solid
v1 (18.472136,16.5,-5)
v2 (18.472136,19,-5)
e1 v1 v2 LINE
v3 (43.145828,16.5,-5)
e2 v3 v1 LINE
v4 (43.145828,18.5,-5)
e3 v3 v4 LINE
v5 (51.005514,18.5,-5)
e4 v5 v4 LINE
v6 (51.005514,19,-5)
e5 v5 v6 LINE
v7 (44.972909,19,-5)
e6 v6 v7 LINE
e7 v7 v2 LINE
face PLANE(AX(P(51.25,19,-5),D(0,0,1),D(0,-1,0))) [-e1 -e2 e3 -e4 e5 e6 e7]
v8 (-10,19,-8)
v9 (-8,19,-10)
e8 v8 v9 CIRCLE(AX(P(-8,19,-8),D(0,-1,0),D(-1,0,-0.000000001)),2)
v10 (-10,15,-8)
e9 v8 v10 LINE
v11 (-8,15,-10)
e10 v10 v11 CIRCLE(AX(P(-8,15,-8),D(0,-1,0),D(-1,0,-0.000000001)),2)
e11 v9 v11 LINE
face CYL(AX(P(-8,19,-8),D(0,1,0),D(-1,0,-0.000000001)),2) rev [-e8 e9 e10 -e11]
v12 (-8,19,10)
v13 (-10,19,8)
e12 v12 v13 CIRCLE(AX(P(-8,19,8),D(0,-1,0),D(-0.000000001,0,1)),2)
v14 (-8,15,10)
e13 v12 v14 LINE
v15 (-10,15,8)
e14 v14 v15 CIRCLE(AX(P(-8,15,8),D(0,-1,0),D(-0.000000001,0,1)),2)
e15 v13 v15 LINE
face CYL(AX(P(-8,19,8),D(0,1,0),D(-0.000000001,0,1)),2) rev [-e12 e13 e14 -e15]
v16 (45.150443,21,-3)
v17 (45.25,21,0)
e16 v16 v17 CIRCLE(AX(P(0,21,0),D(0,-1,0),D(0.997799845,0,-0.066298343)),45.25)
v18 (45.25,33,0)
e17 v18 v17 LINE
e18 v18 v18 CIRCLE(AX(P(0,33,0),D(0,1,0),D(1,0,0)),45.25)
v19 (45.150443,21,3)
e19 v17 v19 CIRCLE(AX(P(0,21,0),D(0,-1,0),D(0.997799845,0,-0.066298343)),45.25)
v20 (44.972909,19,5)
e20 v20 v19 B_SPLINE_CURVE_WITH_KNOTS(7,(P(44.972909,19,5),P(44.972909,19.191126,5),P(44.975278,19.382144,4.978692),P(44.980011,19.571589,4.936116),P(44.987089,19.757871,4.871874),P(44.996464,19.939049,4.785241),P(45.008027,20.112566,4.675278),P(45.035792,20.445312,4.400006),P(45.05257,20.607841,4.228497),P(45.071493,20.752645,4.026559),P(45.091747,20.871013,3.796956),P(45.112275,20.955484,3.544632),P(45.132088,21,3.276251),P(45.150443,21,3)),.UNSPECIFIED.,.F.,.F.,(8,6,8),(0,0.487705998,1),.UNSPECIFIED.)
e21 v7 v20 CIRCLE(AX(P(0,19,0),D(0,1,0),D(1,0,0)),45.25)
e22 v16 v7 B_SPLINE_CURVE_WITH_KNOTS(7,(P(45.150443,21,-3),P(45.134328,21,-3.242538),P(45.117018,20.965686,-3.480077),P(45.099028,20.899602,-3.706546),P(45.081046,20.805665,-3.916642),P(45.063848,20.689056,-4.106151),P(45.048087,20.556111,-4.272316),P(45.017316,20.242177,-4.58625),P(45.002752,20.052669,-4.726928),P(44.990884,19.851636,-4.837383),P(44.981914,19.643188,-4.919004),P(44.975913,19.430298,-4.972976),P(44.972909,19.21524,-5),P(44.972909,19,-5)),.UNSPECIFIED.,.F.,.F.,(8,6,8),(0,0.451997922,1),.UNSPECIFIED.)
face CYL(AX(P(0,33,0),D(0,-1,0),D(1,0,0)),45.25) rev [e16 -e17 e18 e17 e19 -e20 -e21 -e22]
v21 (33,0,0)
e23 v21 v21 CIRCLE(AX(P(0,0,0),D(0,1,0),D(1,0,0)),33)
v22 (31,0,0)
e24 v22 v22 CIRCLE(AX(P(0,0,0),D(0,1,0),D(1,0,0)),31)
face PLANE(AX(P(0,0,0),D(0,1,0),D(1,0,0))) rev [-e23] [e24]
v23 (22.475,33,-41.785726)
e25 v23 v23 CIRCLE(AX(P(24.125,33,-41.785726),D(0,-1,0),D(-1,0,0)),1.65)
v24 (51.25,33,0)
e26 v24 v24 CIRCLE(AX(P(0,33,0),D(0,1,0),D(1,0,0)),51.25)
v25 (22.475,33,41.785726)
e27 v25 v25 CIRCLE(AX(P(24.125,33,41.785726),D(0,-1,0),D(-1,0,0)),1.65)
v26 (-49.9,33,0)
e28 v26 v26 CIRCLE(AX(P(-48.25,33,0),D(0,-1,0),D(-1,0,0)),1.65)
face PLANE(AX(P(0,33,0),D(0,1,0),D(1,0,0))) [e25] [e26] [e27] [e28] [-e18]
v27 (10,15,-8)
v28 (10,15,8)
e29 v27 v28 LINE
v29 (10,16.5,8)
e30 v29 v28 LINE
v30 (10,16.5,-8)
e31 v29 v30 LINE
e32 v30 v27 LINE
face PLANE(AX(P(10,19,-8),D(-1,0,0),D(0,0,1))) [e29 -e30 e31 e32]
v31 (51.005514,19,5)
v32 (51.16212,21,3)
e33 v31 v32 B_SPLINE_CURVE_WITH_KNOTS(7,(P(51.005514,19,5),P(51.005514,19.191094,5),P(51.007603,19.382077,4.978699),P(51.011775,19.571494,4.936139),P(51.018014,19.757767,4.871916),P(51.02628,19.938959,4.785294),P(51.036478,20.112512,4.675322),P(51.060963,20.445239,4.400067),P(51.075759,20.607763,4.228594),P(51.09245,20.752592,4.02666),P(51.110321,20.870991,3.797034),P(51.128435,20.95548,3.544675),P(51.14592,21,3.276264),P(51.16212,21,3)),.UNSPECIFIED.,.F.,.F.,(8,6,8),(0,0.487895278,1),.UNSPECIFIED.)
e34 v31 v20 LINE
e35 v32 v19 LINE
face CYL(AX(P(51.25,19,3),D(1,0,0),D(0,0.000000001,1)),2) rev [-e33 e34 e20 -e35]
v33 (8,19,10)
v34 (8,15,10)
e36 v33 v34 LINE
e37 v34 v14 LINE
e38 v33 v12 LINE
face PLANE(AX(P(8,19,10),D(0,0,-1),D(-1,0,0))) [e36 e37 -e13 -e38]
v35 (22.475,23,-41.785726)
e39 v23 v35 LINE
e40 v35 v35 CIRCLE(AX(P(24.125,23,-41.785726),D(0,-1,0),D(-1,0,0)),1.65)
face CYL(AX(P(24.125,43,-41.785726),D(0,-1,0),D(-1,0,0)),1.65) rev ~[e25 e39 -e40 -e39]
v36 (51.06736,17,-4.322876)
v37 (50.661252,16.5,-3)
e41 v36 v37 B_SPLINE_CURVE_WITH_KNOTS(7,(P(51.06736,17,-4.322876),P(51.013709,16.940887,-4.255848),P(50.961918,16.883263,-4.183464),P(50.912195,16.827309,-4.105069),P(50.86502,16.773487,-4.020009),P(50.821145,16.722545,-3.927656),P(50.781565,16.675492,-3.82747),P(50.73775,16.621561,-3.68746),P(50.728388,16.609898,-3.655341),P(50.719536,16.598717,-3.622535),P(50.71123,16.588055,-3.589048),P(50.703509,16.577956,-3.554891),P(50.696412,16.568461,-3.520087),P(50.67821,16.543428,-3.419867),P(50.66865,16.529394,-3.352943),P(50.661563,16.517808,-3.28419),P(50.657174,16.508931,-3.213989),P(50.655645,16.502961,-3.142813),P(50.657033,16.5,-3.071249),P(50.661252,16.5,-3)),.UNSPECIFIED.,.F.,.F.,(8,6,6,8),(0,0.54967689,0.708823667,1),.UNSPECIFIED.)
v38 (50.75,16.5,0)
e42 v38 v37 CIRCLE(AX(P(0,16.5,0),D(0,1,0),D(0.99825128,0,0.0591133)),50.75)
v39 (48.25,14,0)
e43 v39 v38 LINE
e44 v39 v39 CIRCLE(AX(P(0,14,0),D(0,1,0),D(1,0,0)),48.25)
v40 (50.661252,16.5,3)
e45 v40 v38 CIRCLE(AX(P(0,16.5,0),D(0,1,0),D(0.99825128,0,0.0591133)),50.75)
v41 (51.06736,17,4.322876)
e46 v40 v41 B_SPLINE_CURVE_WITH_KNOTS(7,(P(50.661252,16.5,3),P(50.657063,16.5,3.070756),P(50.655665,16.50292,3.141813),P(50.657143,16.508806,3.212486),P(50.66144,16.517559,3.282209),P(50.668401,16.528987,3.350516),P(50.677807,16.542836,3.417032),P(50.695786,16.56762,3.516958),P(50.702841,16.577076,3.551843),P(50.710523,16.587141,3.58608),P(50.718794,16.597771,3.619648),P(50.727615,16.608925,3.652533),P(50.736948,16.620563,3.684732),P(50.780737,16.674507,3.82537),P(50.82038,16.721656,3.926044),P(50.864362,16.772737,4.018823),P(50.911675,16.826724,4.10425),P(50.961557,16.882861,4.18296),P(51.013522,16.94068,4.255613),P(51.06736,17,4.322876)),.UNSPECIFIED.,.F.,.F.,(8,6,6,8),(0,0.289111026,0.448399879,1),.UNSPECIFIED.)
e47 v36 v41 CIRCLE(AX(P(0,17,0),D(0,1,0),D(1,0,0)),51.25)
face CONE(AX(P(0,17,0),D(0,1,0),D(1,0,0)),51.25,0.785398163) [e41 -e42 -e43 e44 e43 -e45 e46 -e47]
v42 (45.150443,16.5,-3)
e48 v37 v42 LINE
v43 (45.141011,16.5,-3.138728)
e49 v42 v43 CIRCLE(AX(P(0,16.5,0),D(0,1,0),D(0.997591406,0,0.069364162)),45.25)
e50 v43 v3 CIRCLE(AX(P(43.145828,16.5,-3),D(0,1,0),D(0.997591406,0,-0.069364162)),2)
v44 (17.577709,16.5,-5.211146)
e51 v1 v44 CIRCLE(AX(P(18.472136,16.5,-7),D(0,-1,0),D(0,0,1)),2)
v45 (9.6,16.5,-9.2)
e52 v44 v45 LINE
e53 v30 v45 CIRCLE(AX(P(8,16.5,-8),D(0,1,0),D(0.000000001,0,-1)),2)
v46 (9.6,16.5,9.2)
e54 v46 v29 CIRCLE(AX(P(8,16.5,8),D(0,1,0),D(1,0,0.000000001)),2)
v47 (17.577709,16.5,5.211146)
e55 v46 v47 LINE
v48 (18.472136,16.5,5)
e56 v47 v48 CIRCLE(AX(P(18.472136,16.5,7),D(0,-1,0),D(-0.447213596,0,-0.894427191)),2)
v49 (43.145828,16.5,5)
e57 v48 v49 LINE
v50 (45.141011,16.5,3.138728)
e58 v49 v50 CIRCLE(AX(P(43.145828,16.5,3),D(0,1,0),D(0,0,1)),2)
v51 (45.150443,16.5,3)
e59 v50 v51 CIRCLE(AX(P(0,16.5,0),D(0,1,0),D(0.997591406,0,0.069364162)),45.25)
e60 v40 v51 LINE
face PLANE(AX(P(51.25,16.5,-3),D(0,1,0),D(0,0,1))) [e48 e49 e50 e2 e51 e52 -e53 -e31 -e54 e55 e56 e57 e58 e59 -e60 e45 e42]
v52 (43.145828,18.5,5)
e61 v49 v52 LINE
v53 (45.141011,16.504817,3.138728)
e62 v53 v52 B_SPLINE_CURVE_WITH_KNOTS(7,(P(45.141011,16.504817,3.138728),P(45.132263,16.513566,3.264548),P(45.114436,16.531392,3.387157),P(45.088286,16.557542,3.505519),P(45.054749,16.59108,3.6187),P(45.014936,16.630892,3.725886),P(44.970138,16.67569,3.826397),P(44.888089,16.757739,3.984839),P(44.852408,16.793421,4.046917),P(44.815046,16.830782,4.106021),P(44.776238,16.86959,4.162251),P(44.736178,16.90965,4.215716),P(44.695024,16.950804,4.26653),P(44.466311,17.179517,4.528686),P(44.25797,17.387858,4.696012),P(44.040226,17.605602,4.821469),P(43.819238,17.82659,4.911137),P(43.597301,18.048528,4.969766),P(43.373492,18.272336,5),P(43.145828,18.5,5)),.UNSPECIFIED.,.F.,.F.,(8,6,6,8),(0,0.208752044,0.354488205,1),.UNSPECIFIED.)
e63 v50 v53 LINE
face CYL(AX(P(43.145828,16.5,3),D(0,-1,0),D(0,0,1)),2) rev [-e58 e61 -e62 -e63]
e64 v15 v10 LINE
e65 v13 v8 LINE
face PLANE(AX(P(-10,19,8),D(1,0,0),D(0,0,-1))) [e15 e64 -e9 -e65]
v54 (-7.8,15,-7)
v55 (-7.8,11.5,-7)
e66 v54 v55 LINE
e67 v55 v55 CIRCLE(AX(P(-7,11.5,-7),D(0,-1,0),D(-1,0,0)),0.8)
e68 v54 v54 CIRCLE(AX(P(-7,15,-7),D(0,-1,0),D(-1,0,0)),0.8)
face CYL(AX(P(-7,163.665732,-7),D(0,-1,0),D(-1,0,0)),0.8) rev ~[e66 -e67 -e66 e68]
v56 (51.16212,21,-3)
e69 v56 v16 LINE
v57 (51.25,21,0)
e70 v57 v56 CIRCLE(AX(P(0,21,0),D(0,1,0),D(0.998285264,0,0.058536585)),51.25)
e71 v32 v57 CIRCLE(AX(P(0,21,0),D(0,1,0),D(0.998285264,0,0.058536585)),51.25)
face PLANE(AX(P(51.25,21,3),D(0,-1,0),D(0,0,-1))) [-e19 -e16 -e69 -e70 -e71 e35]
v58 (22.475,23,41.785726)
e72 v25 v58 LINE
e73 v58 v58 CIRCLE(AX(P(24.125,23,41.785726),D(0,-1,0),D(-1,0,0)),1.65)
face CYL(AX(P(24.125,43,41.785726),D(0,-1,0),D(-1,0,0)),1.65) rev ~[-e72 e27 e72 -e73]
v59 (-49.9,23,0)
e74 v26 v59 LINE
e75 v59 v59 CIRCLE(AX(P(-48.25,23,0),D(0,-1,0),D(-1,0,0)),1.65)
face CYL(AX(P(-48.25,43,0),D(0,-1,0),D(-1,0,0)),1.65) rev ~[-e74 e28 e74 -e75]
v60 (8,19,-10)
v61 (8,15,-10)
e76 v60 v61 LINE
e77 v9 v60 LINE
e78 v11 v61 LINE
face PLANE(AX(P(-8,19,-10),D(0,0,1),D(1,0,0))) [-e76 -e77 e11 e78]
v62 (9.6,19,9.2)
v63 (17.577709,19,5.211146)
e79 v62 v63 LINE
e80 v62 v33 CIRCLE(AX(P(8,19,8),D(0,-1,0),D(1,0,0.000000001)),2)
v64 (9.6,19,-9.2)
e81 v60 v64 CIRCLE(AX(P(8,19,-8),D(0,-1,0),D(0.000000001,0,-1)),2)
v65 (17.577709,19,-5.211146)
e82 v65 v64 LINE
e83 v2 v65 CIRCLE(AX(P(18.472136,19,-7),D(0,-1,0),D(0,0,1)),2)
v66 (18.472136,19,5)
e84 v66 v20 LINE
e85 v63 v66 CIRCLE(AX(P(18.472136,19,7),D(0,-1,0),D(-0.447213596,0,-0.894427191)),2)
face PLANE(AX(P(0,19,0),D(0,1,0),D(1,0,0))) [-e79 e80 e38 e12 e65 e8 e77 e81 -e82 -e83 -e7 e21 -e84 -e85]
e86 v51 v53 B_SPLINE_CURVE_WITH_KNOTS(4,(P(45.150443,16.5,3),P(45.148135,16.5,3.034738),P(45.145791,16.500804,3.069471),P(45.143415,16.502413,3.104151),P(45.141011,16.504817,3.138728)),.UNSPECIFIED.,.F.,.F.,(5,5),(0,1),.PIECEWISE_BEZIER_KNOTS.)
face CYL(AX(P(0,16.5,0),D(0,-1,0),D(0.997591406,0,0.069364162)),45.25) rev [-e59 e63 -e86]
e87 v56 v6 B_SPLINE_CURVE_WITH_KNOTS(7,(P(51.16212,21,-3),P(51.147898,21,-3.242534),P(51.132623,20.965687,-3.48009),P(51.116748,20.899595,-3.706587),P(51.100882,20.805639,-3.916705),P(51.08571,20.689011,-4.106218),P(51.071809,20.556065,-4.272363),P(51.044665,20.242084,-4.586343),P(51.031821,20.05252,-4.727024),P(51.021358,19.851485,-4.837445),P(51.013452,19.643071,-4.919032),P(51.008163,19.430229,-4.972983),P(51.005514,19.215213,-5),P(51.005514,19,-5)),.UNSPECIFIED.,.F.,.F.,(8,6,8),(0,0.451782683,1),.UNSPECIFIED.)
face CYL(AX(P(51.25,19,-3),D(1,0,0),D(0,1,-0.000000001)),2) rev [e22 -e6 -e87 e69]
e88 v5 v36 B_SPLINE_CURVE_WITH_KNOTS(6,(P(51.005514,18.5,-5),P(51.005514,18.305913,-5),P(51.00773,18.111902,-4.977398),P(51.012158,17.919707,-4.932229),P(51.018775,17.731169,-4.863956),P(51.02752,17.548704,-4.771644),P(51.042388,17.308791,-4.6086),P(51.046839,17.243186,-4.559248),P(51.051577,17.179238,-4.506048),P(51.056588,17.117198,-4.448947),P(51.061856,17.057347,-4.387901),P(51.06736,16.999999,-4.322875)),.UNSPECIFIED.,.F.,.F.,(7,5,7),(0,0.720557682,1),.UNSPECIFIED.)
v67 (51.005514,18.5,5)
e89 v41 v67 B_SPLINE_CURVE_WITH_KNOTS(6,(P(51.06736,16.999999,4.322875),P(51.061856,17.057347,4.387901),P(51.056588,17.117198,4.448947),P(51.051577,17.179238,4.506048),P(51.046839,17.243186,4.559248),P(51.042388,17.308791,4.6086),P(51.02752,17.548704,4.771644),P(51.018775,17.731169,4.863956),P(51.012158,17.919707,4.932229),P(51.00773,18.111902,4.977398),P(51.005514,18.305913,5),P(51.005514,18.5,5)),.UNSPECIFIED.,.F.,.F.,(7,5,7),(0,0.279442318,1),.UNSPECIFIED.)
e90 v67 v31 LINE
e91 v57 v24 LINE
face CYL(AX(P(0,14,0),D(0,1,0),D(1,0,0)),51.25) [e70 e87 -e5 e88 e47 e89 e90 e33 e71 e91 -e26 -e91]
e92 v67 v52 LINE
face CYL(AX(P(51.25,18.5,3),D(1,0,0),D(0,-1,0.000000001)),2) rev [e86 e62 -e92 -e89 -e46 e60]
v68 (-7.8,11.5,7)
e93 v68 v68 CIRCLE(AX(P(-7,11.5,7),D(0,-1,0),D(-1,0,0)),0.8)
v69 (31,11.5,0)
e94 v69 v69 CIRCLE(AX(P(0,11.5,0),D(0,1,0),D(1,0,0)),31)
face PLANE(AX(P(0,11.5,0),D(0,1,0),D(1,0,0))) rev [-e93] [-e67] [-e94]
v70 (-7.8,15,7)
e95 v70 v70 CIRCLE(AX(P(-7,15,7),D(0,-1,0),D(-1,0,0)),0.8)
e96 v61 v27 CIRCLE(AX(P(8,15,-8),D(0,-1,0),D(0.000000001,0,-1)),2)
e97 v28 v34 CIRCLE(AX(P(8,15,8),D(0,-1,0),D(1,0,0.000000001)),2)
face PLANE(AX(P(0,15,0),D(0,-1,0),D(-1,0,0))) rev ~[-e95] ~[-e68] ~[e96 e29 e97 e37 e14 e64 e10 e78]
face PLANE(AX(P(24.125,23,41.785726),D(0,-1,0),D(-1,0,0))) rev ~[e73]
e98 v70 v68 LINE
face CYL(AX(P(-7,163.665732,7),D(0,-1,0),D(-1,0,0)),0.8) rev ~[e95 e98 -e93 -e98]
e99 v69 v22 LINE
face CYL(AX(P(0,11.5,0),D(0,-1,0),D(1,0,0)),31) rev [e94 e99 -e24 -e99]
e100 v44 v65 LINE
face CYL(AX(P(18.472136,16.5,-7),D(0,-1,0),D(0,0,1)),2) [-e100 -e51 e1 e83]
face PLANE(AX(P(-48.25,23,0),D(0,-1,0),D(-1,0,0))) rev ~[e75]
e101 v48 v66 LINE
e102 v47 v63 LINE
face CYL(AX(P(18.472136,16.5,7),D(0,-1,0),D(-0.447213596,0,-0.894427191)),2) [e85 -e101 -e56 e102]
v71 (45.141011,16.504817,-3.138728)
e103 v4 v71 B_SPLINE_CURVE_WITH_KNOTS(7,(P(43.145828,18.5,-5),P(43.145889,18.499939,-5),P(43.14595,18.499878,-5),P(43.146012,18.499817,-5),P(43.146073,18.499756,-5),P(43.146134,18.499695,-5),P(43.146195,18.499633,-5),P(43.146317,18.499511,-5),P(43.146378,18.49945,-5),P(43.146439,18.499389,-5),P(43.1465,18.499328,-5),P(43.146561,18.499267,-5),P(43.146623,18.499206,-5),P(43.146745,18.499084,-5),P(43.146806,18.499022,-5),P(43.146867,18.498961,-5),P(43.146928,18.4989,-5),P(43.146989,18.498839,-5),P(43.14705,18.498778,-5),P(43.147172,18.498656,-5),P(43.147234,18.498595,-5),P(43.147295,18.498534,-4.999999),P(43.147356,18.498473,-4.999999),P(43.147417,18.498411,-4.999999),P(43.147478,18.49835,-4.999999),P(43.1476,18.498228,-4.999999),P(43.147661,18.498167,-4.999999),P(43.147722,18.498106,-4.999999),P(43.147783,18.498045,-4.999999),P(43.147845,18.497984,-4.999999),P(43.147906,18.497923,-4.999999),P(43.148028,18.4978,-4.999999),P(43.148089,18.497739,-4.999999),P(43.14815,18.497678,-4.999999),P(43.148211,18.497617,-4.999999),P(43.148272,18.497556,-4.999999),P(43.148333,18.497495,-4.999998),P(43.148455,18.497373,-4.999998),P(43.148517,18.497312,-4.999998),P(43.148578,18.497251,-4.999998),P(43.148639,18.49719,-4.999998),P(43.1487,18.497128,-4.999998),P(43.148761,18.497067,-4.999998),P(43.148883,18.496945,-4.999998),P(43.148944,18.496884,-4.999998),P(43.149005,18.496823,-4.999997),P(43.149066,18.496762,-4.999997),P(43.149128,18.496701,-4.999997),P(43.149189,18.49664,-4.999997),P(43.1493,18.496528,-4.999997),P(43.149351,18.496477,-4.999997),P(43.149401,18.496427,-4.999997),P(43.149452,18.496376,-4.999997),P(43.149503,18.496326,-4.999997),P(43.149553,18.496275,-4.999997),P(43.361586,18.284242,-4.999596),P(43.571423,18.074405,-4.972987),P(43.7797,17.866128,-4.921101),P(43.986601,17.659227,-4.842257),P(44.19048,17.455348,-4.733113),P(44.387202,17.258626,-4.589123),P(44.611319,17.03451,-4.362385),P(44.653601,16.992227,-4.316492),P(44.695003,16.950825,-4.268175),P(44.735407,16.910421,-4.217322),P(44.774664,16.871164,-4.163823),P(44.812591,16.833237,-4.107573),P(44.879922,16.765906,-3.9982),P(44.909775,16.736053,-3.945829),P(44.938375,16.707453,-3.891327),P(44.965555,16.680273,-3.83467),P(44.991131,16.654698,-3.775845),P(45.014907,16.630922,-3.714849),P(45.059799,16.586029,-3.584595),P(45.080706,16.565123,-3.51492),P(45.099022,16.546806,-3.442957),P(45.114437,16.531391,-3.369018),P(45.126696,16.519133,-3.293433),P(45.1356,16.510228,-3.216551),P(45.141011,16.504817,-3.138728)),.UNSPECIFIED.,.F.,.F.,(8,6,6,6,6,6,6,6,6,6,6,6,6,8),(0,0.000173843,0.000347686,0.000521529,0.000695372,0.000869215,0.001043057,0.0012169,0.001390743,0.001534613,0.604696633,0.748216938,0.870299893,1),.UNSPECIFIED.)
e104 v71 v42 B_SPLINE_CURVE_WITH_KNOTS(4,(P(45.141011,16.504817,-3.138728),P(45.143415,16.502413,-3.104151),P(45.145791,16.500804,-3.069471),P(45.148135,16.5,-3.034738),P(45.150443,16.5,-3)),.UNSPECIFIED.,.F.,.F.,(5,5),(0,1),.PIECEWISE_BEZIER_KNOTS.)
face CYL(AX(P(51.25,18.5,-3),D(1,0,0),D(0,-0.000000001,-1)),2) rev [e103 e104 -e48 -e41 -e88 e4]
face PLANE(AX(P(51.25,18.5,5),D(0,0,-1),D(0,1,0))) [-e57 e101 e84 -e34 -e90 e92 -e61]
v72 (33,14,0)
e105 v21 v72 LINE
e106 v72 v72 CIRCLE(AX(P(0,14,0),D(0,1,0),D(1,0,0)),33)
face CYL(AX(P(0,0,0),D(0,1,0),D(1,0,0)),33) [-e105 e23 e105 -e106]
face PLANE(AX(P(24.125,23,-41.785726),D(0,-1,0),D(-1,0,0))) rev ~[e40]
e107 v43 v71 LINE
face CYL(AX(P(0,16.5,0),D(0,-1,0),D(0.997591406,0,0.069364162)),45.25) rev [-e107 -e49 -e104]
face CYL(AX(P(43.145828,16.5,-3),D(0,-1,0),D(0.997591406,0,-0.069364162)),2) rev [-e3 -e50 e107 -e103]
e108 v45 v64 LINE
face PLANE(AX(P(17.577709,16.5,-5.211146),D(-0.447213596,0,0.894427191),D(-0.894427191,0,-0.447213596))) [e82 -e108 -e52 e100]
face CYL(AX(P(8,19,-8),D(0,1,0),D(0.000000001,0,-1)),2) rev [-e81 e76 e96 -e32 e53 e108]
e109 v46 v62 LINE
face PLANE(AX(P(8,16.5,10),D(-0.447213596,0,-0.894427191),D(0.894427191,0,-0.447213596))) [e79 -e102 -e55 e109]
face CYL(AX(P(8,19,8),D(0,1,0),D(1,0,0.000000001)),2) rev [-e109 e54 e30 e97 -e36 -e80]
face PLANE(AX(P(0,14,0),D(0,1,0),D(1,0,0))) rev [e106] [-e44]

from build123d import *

# Parameters (mm, degrees)
TROU_POUR_TARAUDAGE_POUR_TROU_TARAUD_M4_D     = 3.3
TROU_POUR_TARAUDAGE_POUR_TROU_TARAUD_M4_DEPTH = 10
CHANFREIN1_SIZE                               = 3
ENL_V_MAT_EXTRU_1_DEPTH                       = 4
ENL_V_START                                   = -2.5
ENL_V_MAT_EXTRU_2_DEPTH                       = 2.5
TROU_POUR_TARAUDAGE_POUR_TROU_TARAUD_M2_D     = 1.6
ENL_V_MAT_EXTRU_3_REACH                       = 121.255


with BuildPart() as part:
    # Esquisse1 → Révolution1 (revolve)
    with BuildSketch(Plane.XY):
        Polygon((0, 11.5), (31, 11.5), (31, 0), (33, 0), (33, 14), (51.25, 14), (51.25, 33), (45.25, 33), (45.25, 19), (0, 19), align=None)
    revolve(axis=Axis((0, 0, 0), (0, 1, 0)))

    # Trou pour taraudage pour trou taraudé M41
    with Locations(Plane(origin=(0, 33, 0), x_dir=(1, 0, 0), z_dir=(0, 1, 0))):
        with Locations((-48.25, 0), (24.125, 41.785725733), (24.125, -41.785725733)):
            Hole(TROU_POUR_TARAUDAGE_POUR_TROU_TARAUD_M4_D / 2, depth=TROU_POUR_TARAUDAGE_POUR_TROU_TARAUD_M4_DEPTH)

    # Chanfrein1
    chanfrein1_edges = [part.edges().sort_by_distance(p)[0] for p in [
        (-51.25, 14, 0),
    ]]
    chamfer(chanfrein1_edges, length=CHANFREIN1_SIZE)

    # Esquisse4 → Enlèv. mat.-Extru.1 (cut)
    with BuildSketch(Plane(origin=(0, 19, 0), x_dir=(1, 0, 0), z_dir=(0, 1, 0))):
        with BuildLine():
            Line((-8, 10), (8, 10))
            ThreePointArc((8, 10), (9.414213562, 9.414213562), (10, 8))
            Line((10, 8), (10, -8))
            ThreePointArc((10, -8), (9.414213562, -9.414213562), (8, -10))
            Line((8, -10), (-8, -10))
            ThreePointArc((-8, -10), (-9.414213562, -9.414213562), (-10, -8))
            Line((-10, -8), (-10, 8))
            ThreePointArc((-10, 8), (-9.414213562, 9.414213562), (-8, 10))
        make_face()
    extrude(amount=-ENL_V_MAT_EXTRU_1_DEPTH, mode=Mode.SUBTRACT)

    # Esquisse5 → Enlèv. mat.-Extru.2 (cut)
    with BuildSketch(Plane(origin=(0, 19, 0), x_dir=(1, 0, 0), z_dir=(0, 1, 0)).offset(ENL_V_START)):
        with BuildLine():
            Line((8, -10), (17.577708764, -5.211145618))
            ThreePointArc((17.577708764, -5.211145618), (18.012630114, -5.053502021), (18.472135955, -5))
            Line((18.472135955, -5), (43.145828304, -5))
            ThreePointArc((43.145828304, -5), (44.510112613, -4.462439169), (45.141011115, -3.138728324))
            ThreePointArc((45.141011115, -3.138728324), (45.25, 0), (45.141011115, 3.138728324))
            ThreePointArc((45.141011115, 3.138728324), (44.510112613, 4.462439169), (43.145828304, 5))
            Line((43.145828304, 5), (18.472135955, 5))
            ThreePointArc((18.472135955, 5), (18.012630114, 5.053502021), (17.577708764, 5.211145618))
            Line((17.577708764, 5.211145618), (8, 10))
            Line((8, 10), (8, -10))
        make_face()
    extrude(amount=ENL_V_MAT_EXTRU_2_DEPTH, mode=Mode.SUBTRACT)

    # Trou pour taraudage pour trou taraudé M21 (through all)
    with Locations(Plane(origin=(0, 15, 0), x_dir=(1, 0, 0), z_dir=(0, 1, 0))):
        with Locations((-7, 7), (-7, -7)):
            Hole(TROU_POUR_TARAUDAGE_POUR_TROU_TARAUD_M2_D / 2)

    # Esquisse8 → Enlèv. mat.-Extru.3 (cut, up to next)
    with BuildSketch(Plane(origin=(51.25, 0, 0), x_dir=(0, 0, -1), z_dir=(1, 0, 0)), mode=Mode.PRIVATE) as enl_v_mat_extru_3_sk1:
        with BuildLine():
            Line((-3, 21), (3, 21))
            ThreePointArc((3, 21), (4.414213562, 20.414213562), (5, 19))
            Line((5, 19), (5, 18.5))
            ThreePointArc((5, 18.5), (4.414213562, 17.085786438), (3, 16.5))
            Line((3, 16.5), (-3, 16.5))
            ThreePointArc((-3, 16.5), (-4.414213562, 17.085786438), (-5, 18.5))
            Line((-5, 18.5), (-5, 19))
            ThreePointArc((-5, 19), (-4.414213562, 20.414213562), (-3, 21))
        make_face()
    enl_v_mat_extru_3_tool1 = extrude(enl_v_mat_extru_3_sk1.sketch, amount=-ENL_V_MAT_EXTRU_3_REACH, mode=Mode.PRIVATE) & part.part
    add(enl_v_mat_extru_3_tool1.solids().sort_by_distance((51.25, 18.75, 0))[0], mode=Mode.SUBTRACT)


solid = part.part
